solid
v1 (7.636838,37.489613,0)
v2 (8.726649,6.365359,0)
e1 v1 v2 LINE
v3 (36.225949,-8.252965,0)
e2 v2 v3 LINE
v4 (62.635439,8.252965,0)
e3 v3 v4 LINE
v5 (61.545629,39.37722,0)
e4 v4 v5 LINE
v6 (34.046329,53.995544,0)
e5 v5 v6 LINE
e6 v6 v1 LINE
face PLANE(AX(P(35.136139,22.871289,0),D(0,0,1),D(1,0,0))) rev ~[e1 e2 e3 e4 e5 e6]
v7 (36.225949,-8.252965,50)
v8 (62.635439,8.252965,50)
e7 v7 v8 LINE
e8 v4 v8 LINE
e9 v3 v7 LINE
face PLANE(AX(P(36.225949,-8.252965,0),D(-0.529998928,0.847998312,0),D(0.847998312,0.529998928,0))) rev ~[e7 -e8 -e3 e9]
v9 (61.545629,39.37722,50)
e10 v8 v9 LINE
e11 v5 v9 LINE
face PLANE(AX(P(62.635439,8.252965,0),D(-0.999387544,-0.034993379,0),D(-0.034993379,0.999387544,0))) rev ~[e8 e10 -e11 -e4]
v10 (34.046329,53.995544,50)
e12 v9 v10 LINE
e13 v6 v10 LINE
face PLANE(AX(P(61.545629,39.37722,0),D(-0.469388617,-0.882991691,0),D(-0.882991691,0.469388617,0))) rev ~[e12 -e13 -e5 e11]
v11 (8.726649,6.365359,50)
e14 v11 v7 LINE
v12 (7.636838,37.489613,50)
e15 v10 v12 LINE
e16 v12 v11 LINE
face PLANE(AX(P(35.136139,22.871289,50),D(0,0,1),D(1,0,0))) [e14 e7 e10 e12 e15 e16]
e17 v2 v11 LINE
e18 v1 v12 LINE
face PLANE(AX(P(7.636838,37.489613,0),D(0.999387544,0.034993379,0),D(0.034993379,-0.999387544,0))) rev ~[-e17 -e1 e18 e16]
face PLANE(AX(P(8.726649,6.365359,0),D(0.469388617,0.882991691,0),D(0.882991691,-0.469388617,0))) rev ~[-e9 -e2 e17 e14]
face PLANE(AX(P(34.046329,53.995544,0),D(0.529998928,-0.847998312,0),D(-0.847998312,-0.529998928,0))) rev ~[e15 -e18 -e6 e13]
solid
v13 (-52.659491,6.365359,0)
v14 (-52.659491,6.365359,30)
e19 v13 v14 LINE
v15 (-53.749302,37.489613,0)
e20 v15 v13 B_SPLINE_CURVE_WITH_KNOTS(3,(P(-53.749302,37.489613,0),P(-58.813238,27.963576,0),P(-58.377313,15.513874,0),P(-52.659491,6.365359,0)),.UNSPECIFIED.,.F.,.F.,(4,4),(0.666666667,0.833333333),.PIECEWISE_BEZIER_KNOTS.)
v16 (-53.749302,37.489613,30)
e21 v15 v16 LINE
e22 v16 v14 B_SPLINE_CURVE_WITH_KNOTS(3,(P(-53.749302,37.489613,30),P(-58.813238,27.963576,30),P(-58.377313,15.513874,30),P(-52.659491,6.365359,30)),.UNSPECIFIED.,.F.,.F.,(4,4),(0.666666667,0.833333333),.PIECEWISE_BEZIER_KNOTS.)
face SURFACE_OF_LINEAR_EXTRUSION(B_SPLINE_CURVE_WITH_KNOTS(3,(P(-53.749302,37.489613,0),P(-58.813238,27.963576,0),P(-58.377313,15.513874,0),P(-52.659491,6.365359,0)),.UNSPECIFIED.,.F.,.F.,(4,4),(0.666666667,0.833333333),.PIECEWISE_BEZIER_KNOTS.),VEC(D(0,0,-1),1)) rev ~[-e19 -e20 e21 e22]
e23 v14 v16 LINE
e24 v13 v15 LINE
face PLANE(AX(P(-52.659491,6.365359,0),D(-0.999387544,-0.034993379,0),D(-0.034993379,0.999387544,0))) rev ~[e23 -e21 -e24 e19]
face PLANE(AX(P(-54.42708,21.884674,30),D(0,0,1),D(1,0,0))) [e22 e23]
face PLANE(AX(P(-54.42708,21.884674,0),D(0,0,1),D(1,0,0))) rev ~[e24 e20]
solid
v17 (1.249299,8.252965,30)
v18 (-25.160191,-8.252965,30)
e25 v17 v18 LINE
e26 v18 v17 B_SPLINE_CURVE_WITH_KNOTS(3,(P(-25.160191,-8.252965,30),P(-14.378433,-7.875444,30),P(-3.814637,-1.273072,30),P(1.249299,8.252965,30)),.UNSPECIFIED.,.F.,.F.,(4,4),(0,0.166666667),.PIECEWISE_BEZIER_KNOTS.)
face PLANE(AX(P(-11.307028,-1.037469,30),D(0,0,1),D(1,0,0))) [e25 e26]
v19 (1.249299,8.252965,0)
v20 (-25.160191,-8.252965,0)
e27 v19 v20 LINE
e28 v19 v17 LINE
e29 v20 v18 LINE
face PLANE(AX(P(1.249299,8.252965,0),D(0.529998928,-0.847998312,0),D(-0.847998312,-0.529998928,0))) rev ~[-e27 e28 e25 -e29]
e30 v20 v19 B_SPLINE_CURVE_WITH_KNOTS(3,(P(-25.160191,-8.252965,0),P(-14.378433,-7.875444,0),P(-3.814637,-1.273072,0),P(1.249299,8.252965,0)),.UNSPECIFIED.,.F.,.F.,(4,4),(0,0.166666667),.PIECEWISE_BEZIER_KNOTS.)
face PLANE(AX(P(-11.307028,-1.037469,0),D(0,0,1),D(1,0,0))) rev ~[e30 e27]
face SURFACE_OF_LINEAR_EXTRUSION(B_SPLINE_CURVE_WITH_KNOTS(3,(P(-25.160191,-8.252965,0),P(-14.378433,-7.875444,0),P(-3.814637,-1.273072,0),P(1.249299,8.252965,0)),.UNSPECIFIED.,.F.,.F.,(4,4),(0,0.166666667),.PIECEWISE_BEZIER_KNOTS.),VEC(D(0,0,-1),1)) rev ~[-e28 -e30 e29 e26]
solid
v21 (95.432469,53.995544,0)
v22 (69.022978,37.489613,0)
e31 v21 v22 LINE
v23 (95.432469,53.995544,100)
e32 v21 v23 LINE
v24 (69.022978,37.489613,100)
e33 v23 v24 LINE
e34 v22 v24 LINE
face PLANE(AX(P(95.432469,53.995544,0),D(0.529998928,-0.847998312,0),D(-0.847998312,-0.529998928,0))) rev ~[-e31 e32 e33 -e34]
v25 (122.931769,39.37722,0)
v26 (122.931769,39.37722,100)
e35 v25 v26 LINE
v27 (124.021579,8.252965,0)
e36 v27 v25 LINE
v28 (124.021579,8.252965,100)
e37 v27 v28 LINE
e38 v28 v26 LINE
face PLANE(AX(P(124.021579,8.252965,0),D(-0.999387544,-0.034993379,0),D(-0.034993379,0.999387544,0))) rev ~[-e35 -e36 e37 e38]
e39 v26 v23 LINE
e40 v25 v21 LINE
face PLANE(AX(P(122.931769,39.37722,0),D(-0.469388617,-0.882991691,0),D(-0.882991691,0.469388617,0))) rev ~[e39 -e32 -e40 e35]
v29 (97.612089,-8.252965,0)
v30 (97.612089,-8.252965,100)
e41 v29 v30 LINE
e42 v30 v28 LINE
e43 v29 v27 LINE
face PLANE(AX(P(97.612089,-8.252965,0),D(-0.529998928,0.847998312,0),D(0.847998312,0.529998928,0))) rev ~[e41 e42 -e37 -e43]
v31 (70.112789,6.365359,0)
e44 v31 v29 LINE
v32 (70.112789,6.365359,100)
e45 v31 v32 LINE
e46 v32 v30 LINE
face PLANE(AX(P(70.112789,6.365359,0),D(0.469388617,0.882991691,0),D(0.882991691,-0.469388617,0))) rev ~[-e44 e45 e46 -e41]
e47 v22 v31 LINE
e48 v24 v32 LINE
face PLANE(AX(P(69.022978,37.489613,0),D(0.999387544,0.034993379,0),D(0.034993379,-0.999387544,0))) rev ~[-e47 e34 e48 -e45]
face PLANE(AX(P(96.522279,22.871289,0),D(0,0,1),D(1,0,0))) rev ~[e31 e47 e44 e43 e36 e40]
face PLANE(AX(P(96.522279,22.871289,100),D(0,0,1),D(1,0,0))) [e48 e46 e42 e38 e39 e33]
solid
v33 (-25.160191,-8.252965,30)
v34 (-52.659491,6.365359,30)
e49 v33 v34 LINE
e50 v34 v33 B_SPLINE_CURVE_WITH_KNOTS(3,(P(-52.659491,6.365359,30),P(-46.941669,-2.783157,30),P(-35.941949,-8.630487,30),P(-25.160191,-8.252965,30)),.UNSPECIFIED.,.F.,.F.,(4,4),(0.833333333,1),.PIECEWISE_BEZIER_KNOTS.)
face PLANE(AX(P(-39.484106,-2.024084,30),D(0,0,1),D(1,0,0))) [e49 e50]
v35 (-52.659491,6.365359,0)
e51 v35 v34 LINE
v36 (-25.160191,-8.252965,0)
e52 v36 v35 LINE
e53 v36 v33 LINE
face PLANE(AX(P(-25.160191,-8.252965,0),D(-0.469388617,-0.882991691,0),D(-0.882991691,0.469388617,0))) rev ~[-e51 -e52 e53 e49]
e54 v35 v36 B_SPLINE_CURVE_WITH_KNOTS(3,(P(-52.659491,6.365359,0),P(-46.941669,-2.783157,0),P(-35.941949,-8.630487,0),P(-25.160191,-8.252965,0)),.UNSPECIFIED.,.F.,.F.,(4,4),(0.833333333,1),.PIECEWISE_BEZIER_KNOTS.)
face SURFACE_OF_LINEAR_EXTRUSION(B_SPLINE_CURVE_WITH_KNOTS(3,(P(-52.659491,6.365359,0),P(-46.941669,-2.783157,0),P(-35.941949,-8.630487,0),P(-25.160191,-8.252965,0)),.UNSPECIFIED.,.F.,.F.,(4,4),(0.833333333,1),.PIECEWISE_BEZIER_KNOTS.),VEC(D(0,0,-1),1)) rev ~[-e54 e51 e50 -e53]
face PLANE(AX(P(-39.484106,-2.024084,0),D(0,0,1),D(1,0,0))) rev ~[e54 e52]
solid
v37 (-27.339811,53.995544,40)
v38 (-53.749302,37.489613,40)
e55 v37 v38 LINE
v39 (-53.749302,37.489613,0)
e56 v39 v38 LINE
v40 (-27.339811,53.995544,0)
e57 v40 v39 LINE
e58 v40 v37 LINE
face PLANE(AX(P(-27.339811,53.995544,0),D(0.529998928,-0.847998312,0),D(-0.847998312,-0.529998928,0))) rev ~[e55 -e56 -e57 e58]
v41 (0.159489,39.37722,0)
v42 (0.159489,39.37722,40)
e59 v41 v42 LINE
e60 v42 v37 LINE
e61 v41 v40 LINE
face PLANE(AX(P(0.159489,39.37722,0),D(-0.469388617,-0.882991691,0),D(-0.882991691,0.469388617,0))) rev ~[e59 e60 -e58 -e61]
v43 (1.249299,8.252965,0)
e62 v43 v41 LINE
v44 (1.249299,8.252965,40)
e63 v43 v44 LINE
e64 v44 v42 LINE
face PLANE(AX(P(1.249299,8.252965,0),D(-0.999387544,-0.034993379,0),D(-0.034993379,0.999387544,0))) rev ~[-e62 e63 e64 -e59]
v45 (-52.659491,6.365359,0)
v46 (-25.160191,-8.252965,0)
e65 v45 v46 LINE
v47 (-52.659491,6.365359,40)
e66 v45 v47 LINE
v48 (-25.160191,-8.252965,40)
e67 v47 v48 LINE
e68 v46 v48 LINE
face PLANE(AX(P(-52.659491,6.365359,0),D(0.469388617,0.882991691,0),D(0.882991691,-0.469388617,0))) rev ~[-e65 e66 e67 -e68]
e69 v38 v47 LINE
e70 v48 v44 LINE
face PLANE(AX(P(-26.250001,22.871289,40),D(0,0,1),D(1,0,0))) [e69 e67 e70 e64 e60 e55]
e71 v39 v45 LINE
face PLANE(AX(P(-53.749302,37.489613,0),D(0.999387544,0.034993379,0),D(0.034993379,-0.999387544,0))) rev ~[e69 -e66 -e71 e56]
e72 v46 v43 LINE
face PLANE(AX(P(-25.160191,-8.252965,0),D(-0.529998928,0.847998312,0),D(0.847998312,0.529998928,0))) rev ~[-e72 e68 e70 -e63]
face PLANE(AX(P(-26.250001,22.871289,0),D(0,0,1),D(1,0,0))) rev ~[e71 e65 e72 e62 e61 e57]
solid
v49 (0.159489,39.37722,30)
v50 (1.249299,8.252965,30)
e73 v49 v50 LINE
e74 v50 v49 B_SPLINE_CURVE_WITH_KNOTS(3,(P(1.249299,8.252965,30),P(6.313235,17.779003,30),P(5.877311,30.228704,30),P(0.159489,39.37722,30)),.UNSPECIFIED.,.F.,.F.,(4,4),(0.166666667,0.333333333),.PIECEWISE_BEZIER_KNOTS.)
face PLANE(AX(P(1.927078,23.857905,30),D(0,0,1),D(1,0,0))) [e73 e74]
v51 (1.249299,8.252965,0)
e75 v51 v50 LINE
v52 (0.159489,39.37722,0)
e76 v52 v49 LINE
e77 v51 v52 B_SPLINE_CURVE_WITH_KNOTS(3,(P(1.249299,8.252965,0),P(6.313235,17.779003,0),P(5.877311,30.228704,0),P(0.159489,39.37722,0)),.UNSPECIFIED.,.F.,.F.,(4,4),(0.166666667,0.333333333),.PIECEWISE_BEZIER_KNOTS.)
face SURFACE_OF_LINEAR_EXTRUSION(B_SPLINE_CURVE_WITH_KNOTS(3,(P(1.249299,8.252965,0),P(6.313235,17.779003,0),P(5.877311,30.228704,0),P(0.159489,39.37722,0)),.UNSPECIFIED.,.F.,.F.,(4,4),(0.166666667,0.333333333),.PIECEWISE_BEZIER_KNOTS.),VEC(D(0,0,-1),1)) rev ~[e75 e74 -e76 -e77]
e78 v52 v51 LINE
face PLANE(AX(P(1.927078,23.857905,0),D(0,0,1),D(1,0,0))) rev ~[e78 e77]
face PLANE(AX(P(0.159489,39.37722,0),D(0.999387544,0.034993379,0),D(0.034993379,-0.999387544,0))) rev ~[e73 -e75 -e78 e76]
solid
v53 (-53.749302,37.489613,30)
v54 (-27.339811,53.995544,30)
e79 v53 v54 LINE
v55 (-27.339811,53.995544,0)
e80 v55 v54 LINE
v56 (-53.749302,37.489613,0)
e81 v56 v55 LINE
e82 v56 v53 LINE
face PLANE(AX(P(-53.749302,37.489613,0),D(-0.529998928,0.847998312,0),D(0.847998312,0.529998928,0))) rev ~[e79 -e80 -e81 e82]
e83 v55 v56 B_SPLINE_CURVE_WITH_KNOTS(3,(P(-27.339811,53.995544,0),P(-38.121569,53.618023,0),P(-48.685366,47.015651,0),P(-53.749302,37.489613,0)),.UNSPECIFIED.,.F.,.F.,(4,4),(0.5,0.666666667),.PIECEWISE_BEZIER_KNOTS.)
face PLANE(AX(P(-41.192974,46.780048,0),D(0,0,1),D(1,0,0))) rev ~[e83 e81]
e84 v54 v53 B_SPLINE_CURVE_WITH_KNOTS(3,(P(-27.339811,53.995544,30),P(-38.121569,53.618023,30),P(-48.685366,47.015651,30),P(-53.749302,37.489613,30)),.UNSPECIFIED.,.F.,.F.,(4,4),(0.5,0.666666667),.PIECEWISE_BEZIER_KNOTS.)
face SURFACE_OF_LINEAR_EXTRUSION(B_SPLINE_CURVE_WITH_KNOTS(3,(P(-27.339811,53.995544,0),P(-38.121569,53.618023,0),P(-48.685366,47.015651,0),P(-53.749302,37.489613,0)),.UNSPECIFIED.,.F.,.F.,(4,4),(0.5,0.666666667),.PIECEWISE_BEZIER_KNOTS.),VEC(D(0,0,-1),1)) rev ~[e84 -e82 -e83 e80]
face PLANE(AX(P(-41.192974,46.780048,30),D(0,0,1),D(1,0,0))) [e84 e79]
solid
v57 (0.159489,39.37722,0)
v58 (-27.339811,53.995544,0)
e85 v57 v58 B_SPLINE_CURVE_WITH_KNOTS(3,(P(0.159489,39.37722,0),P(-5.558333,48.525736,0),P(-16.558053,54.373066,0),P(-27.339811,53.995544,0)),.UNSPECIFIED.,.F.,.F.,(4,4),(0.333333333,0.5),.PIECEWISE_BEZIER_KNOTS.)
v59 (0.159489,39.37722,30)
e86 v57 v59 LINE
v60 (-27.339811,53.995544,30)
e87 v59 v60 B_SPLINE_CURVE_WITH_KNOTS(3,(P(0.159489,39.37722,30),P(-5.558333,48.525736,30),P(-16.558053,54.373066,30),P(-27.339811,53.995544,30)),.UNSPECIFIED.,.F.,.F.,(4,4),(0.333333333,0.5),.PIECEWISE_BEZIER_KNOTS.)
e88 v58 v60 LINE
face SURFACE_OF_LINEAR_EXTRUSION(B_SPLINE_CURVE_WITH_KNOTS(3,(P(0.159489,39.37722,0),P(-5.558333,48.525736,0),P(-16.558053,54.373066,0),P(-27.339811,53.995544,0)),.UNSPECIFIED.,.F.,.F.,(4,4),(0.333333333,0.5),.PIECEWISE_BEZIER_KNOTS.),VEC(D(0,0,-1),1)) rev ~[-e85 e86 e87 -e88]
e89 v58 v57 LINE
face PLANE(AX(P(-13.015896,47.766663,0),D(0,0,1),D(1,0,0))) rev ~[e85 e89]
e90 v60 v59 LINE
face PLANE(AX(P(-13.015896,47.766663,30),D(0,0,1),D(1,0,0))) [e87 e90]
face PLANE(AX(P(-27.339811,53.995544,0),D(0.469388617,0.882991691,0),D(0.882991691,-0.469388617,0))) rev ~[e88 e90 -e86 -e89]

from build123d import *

# Parameters (mm, degrees)
F1_DEPTH = 30
F2_DEPTH = 40
F3_DEPTH = 50
F4_DEPTH = 100


with BuildPart() as f1:
    # F0 (on Top) → F1 (new body)
    with BuildSketch(Plane.XY):
        with BuildLine():
            add(Edge.make_bspline(
                [(-53.7493015469, 37.4896133902), (-58.8132375206, 27.9635762611), (-58.3773133936, 15.5138743345), (-52.6594912293, 6.3653585736)],
                knots=[0.6666666667, 0.6666666667, 0.6666666667, 0.6666666667, 0.8333333333, 0.8333333333, 0.8333333333, 0.8333333333], degree=3))
            Line((-52.6594912293, 6.3653585736), (-53.7493015469, 37.4896133902))
        make_face()
    extrude(amount=F1_DEPTH)


with BuildPart() as f1b:
    # F0 (on Top) → F1, piece 2 (new body)
    with BuildSketch(Plane.XY):
        with BuildLine():
            Line((-53.7493015469, 37.4896133902), (-27.3398113607, 53.9955442188))
            add(Edge.make_bspline(
                [(-27.3398113607, 53.9955442188), (-38.1215694987, 53.6180228507), (-48.6853655732, 47.0156505192), (-53.7493015469, 37.4896133902)],
                knots=[0.5, 0.5, 0.5, 0.5, 0.6666666667, 0.6666666667, 0.6666666667, 0.6666666667], degree=3))
        make_face()
    extrude(amount=F1_DEPTH)


with BuildPart() as f1c:
    # F0 (on Top) → F1, piece 3 (new body)
    with BuildSketch(Plane.XY):
        with BuildLine():
            Line((-27.3398113607, 53.9955442188), (0.1594891431, 39.3772202309))
            add(Edge.make_bspline(
                [(0.1594891431, 39.3772202309), (-5.5583330212, 48.5257359918), (-16.5580532227, 54.373065587), (-27.3398113607, 53.9955442188)],
                knots=[0.3333333333, 0.3333333333, 0.3333333333, 0.3333333333, 0.5, 0.5, 0.5, 0.5], degree=3))
        make_face()
    extrude(amount=F1_DEPTH)


with BuildPart() as f1d:
    # F0 (on Top) → F1, piece 4 (new body)
    with BuildSketch(Plane.XY):
        with BuildLine():
            Line((0.1594891431, 39.3772202309), (1.2492994608, 8.2529654143))
            add(Edge.make_bspline(
                [(1.2492994608, 8.2529654143), (6.3132354345, 17.7790025434), (5.8773113074, 30.22870447), (0.1594891431, 39.3772202309)],
                knots=[0.1666666667, 0.1666666667, 0.1666666667, 0.1666666667, 0.3333333333, 0.3333333333, 0.3333333333, 0.3333333333], degree=3))
        make_face()
    extrude(amount=F1_DEPTH)


with BuildPart() as f1e:
    # F0 (on Top) → F1, piece 5 (new body)
    with BuildSketch(Plane.XY):
        with BuildLine():
            add(Edge.make_bspline(
                [(-25.1601907254, -8.2529654143), (-14.3784325874, -7.8754440462), (-3.8146365129, -1.2730717147), (1.2492994608, 8.2529654143)],
                knots=[0, 0, 0, 0, 0.1666666667, 0.1666666667, 0.1666666667, 0.1666666667], degree=3))
            Line((1.2492994608, 8.2529654143), (-25.1601907254, -8.2529654143))
        make_face()
    extrude(amount=F1_DEPTH)


with BuildPart() as f1f:
    # F0 (on Top) → F1, piece 6 (new body)
    with BuildSketch(Plane.XY):
        with BuildLine():
            add(Edge.make_bspline(
                [(-52.6594912293, 6.3653585736), (-46.941669065, -2.7831571873), (-35.9419488634, -8.6304867825), (-25.1601907254, -8.2529654143)],
                knots=[0.8333333333, 0.8333333333, 0.8333333333, 0.8333333333, 1, 1, 1, 1], degree=3))
            Line((-25.1601907254, -8.2529654143), (-52.6594912293, 6.3653585736))
        make_face()
    extrude(amount=F1_DEPTH)


with BuildPart() as f2:
    # F0 (on Top) → F2 (new body)
    with BuildSketch(Plane.XY):
        Polygon((-25.1601907254, -8.2529654143), (1.2492994608, 8.2529654143), (0.1594891431, 39.3772202309), (-27.3398113607, 53.9955442188), (-53.7493015469, 37.4896133902), (-52.6594912293, 6.3653585736), align=None)
    extrude(amount=F2_DEPTH)


with BuildPart() as f3:
    # F0 (on Top) → F3 (new body)
    with BuildSketch(Plane.XY):
        Polygon((61.5456291431, 39.3772202309), (34.0463286393, 53.9955442188), (7.6368384531, 37.4896133902), (8.7266487707, 6.3653585736), (36.2259492746, -8.2529654143), (62.6354394608, 8.2529654143), align=None)
    extrude(amount=F3_DEPTH)


with BuildPart() as f4:
    # F0 (on Top) → F4 (new body)
    with BuildSketch(Plane.XY):
        Polygon((122.9317691431, 39.3772202309), (95.4324686393, 53.9955442188), (69.0229784531, 37.4896133902), (70.1127887707, 6.3653585736), (97.6120892746, -8.2529654143), (124.0215794608, 8.2529654143), align=None)
    extrude(amount=F4_DEPTH)


solid = Compound([f1.part, f1b.part, f1c.part, f1d.part, f1e.part, f1f.part, f2.part, f3.part, f4.part])
